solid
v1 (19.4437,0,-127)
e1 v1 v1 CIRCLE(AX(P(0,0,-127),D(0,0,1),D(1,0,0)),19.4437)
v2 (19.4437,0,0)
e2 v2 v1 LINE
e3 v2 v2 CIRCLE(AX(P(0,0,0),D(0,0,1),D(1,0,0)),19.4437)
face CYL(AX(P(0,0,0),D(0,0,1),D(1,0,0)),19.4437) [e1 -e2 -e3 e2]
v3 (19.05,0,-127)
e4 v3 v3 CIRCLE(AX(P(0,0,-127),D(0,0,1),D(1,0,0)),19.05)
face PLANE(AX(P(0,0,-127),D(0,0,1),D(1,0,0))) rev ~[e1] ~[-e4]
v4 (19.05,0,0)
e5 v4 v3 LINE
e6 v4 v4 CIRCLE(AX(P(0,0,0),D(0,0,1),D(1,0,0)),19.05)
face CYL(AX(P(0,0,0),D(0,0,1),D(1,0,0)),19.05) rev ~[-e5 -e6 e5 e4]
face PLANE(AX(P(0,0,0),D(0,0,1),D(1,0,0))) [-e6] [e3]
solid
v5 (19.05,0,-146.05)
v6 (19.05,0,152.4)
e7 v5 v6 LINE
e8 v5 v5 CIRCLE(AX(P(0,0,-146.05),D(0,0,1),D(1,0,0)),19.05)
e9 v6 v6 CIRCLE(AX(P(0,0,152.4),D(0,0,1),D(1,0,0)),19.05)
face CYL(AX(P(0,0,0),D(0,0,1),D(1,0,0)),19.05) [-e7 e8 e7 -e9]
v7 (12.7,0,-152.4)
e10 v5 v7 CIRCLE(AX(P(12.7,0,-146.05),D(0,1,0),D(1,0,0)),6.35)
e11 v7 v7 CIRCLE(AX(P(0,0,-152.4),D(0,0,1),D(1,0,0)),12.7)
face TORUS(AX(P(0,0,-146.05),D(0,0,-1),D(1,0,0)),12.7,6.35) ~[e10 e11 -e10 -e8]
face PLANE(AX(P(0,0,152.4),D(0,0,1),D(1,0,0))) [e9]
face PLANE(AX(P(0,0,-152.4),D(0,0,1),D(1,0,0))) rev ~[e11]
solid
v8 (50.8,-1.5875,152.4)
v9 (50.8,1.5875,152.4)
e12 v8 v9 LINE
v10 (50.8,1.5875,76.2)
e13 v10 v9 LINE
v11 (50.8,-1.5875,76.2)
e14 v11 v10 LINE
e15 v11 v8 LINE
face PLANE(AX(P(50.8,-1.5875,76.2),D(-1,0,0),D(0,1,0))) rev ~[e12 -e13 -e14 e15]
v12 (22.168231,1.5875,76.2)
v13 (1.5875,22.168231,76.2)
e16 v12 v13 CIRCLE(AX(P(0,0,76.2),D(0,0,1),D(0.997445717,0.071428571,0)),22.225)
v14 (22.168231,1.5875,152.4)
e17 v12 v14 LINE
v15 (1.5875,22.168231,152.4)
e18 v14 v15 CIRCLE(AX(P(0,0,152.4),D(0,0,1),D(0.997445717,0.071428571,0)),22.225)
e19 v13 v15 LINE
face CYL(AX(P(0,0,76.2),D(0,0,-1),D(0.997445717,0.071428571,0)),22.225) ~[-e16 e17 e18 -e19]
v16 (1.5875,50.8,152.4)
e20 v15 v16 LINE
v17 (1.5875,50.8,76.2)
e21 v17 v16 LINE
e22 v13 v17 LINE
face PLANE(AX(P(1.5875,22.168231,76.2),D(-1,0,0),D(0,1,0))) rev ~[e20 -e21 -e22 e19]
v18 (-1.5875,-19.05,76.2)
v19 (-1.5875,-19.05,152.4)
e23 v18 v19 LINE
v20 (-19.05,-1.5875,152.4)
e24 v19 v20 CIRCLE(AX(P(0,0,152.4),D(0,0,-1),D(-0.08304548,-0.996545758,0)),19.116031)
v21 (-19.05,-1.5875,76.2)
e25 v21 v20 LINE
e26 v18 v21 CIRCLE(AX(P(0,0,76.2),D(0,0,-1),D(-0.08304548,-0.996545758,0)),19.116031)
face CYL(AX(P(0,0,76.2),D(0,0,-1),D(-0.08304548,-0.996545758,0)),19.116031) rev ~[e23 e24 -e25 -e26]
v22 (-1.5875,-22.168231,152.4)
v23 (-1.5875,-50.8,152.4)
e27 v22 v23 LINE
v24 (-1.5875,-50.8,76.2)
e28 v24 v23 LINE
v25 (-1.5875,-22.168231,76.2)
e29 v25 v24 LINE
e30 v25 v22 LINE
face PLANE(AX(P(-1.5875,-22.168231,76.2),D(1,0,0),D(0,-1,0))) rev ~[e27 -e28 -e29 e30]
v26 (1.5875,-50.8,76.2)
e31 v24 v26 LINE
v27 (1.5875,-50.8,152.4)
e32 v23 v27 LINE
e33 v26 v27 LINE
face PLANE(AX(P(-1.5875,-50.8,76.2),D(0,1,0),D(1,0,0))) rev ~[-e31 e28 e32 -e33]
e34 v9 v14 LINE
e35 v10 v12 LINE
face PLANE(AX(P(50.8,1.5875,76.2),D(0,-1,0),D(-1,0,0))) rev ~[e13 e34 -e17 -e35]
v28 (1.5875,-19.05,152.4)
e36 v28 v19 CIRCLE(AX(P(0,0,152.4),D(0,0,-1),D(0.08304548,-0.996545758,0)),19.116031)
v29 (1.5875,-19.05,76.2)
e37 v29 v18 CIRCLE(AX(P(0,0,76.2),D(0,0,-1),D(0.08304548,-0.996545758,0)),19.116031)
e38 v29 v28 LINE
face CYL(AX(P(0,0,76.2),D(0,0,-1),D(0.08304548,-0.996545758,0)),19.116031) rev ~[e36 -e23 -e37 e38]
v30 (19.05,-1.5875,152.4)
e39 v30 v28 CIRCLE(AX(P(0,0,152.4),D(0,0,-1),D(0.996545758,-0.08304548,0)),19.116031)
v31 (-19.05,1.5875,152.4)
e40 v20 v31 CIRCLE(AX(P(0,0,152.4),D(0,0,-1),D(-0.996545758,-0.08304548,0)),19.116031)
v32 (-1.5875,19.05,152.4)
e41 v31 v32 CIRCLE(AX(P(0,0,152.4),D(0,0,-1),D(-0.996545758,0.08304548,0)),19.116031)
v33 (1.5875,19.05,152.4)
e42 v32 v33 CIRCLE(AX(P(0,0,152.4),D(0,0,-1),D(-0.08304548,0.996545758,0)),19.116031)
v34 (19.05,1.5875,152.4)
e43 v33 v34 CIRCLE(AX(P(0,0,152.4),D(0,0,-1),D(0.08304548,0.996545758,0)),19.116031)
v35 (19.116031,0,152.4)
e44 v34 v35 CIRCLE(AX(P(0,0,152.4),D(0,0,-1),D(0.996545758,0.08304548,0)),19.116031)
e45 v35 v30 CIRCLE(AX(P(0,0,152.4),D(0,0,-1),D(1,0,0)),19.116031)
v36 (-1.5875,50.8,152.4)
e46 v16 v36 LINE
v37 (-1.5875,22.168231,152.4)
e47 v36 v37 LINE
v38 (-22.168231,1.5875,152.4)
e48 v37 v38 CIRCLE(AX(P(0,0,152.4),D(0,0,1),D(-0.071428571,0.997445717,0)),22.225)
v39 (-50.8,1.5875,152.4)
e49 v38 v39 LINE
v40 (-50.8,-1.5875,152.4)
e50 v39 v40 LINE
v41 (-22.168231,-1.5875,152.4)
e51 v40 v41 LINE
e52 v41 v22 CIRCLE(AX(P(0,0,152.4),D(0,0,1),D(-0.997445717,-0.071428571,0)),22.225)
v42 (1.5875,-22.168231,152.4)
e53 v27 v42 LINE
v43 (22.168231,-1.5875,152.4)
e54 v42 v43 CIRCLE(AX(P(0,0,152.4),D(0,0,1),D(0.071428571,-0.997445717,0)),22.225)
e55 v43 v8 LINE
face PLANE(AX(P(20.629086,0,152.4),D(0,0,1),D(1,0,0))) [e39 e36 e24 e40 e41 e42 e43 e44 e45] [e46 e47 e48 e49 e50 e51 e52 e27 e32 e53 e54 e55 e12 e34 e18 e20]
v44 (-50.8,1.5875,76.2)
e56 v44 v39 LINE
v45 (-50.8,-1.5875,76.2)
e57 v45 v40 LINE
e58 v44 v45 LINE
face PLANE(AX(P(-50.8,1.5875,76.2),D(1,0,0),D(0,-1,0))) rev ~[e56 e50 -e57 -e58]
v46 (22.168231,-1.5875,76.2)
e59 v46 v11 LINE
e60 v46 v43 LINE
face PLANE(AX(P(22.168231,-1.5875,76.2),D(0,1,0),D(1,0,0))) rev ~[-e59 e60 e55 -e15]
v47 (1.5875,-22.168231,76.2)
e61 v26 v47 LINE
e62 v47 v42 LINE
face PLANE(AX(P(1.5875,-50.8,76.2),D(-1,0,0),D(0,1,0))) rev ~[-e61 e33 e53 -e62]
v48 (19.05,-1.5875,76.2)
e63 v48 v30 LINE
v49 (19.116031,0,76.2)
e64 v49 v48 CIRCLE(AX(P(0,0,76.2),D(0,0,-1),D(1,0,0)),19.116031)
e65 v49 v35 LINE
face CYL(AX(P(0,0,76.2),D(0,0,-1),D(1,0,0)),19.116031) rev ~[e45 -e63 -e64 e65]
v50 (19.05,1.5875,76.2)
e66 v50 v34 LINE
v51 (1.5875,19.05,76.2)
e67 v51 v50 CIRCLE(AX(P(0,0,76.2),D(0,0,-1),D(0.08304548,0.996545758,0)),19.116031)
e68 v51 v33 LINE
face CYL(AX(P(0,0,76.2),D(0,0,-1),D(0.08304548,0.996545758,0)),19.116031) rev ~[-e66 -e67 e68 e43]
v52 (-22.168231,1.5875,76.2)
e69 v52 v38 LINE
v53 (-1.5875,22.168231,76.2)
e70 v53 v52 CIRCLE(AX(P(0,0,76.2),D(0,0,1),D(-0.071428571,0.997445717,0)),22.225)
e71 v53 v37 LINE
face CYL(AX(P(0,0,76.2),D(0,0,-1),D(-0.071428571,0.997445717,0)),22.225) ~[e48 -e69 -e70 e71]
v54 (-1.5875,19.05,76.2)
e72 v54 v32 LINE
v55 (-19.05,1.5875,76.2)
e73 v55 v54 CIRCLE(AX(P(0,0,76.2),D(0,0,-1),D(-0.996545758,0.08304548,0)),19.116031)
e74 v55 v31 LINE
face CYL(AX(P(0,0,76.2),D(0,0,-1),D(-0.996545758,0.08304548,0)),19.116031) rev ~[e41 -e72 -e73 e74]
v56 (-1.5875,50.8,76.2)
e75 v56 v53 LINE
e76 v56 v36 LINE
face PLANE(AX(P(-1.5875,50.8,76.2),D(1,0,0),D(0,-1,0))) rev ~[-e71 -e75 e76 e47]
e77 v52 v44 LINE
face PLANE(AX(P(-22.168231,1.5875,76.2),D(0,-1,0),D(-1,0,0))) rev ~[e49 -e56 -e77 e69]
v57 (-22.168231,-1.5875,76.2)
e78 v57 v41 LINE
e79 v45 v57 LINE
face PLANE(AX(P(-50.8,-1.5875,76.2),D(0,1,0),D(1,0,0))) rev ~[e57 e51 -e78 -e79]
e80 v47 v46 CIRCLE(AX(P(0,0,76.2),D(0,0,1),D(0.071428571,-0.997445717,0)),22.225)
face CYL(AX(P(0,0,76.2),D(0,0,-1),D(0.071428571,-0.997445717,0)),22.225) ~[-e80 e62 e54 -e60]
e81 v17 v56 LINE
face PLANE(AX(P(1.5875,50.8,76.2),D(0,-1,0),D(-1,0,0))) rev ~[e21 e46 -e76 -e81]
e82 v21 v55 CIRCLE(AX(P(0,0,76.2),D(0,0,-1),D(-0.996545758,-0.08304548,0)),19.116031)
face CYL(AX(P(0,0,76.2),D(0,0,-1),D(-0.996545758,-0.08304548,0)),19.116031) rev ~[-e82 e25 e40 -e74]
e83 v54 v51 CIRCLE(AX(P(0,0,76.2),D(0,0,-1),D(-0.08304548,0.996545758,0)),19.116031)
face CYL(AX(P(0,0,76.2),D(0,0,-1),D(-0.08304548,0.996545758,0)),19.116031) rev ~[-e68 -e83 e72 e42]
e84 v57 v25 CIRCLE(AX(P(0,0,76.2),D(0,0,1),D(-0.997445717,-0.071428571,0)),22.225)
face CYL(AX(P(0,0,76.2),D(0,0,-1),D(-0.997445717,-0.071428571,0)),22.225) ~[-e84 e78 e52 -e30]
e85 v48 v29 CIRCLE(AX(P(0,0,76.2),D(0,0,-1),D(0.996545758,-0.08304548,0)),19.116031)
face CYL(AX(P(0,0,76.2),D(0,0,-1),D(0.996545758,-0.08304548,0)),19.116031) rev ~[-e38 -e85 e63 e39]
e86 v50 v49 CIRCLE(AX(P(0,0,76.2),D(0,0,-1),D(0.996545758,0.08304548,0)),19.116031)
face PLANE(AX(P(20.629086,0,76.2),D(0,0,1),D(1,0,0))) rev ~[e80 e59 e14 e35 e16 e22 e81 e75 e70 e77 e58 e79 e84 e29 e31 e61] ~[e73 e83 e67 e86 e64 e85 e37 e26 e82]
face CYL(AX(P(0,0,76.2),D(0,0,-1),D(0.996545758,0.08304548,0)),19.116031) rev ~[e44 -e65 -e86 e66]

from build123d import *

# Parameters (mm, degrees)
F0_R          = 19.05
F1_DEPTH      = 152.4
F1_DEPTH_BACK = 152.4
F3_START      = 76.2
F3_DEPTH      = 76.2
F4_R          = 6.35
F5_R          = 19.4437
F5_R_2        = 19.05
F6_DEPTH      = 127


with BuildPart() as f1:
    # F0 (on Top) → F1 (new body, two sides)
    with BuildSketch(Plane.XY) as f1_sk:
        Circle(F0_R)
    extrude(amount=F1_DEPTH)
    extrude(f1_sk.sketch, amount=-F1_DEPTH_BACK)

    # F4
    f4_edges = [f1.edges().sort_by_distance(p)[0] for p in [
        (-19.05, 0, -152.4),
    ]]
    fillet(f4_edges, radius=F4_R)


with BuildPart() as f3:
    # F2 (on Top) → F3 (new body)
    with BuildSketch(Plane.XY.offset(F3_START)):
        with BuildLine():
            ThreePointArc((22.1682310695, -1.5875), (22.2108032331, -0.7942573515), (22.225, 0))
            ThreePointArc((22.225, 0), (22.2108032331, 0.7942573515), (22.1682310695, 1.5875))
            Line((22.1682310695, 1.5875), (19.05, 1.5875))
            ThreePointArc((19.05, 1.5875), (19.0995164115, 0.7944363403), (19.1160313938, 0))
            ThreePointArc((19.1160313938, 0), (19.0995164115, -0.7944363403), (19.05, -1.5875))
            Line((19.05, -1.5875), (22.1682310695, -1.5875))
        make_face()
        with BuildLine():
            ThreePointArc((22.1682310695, 1.5875), (22.2108032331, 0.7942573515), (22.225, 0))
            ThreePointArc((22.225, 0), (22.2108032331, -0.7942573515), (22.1682310695, -1.5875))
            Line((22.1682310695, -1.5875), (50.8, -1.5875))
            Line((50.8, -1.5875), (50.8, 1.5875))
            Line((50.8, 1.5875), (22.1682310695, 1.5875))
        make_face()
        with BuildLine():
            Line((19.05, 1.5875), (22.1682310695, 1.5875))
            ThreePointArc((22.1682310695, 1.5875), (15.7154482119, 15.7154482119), (1.5875, 22.1682310695))
            Line((1.5875, 22.1682310695), (1.5875, 19.05))
            ThreePointArc((1.5875, 19.05), (13.517075428, 13.517075428), (19.05, 1.5875))
        make_face()
        with BuildLine():
            ThreePointArc((1.5875, -22.1682310695), (15.7154482119, -15.7154482119), (22.1682310695, -1.5875))
            Line((22.1682310695, -1.5875), (19.05, -1.5875))
            ThreePointArc((19.05, -1.5875), (13.517075428, -13.517075428), (1.5875, -19.05))
            Line((1.5875, -19.05), (1.5875, -22.1682310695))
        make_face()
        with BuildLine():
            Line((1.5875, 19.05), (1.5875, 22.1682310695))
            ThreePointArc((1.5875, 22.1682310695), (0, 22.225), (-1.5875, 22.1682310695))
            Line((-1.5875, 22.1682310695), (-1.5875, 19.05))
            ThreePointArc((-1.5875, 19.05), (0, 19.1160313938), (1.5875, 19.05))
        make_face()
        with BuildLine():
            ThreePointArc((-1.5875, 22.1682310695), (0, 22.225), (1.5875, 22.1682310695))
            Line((1.5875, 22.1682310695), (1.5875, 50.8))
            Line((1.5875, 50.8), (-1.5875, 50.8))
            Line((-1.5875, 50.8), (-1.5875, 22.1682310695))
        make_face()
        with BuildLine():
            Line((1.5875, -50.8), (1.5875, -22.1682310695))
            ThreePointArc((1.5875, -22.1682310695), (0, -22.225), (-1.5875, -22.1682310695))
            Line((-1.5875, -22.1682310695), (-1.5875, -50.8))
            Line((-1.5875, -50.8), (1.5875, -50.8))
        make_face()
        with BuildLine():
            ThreePointArc((-1.5875, -22.1682310695), (0, -22.225), (1.5875, -22.1682310695))
            Line((1.5875, -22.1682310695), (1.5875, -19.05))
            ThreePointArc((1.5875, -19.05), (0, -19.1160313938), (-1.5875, -19.05))
            Line((-1.5875, -19.05), (-1.5875, -22.1682310695))
        make_face()
        with BuildLine():
            Line((-1.5875, 19.05), (-1.5875, 22.1682310695))
            ThreePointArc((-1.5875, 22.1682310695), (-15.7154482119, 15.7154482119), (-22.1682310695, 1.5875))
            Line((-22.1682310695, 1.5875), (-19.05, 1.5875))
            ThreePointArc((-19.05, 1.5875), (-13.517075428, 13.517075428), (-1.5875, 19.05))
        make_face()
        with BuildLine():
            ThreePointArc((-22.1682310695, -1.5875), (-15.7154482119, -15.7154482119), (-1.5875, -22.1682310695))
            Line((-1.5875, -22.1682310695), (-1.5875, -19.05))
            ThreePointArc((-1.5875, -19.05), (-13.517075428, -13.517075428), (-19.05, -1.5875))
            Line((-19.05, -1.5875), (-22.1682310695, -1.5875))
        make_face()
        with BuildLine():
            Line((-19.05, 1.5875), (-22.1682310695, 1.5875))
            ThreePointArc((-22.1682310695, 1.5875), (-22.225, 0), (-22.1682310695, -1.5875))
            Line((-22.1682310695, -1.5875), (-19.05, -1.5875))
            ThreePointArc((-19.05, -1.5875), (-19.1160313938, 0), (-19.05, 1.5875))
        make_face()
        with BuildLine():
            ThreePointArc((-22.1682310695, -1.5875), (-22.225, 0), (-22.1682310695, 1.5875))
            Line((-22.1682310695, 1.5875), (-50.8, 1.5875))
            Line((-50.8, 1.5875), (-50.8, -1.5875))
            Line((-50.8, -1.5875), (-22.1682310695, -1.5875))
        make_face()
    extrude(amount=F3_DEPTH)


with BuildPart() as f6:
    # F5 (on Top) → F6 (new body)
    with BuildSketch(Plane.XY):
        Circle(F5_R)
        Circle(F5_R_2, mode=Mode.SUBTRACT)
    extrude(amount=-F6_DEPTH)


solid = Compound([f1.part, f3.part, f6.part])
